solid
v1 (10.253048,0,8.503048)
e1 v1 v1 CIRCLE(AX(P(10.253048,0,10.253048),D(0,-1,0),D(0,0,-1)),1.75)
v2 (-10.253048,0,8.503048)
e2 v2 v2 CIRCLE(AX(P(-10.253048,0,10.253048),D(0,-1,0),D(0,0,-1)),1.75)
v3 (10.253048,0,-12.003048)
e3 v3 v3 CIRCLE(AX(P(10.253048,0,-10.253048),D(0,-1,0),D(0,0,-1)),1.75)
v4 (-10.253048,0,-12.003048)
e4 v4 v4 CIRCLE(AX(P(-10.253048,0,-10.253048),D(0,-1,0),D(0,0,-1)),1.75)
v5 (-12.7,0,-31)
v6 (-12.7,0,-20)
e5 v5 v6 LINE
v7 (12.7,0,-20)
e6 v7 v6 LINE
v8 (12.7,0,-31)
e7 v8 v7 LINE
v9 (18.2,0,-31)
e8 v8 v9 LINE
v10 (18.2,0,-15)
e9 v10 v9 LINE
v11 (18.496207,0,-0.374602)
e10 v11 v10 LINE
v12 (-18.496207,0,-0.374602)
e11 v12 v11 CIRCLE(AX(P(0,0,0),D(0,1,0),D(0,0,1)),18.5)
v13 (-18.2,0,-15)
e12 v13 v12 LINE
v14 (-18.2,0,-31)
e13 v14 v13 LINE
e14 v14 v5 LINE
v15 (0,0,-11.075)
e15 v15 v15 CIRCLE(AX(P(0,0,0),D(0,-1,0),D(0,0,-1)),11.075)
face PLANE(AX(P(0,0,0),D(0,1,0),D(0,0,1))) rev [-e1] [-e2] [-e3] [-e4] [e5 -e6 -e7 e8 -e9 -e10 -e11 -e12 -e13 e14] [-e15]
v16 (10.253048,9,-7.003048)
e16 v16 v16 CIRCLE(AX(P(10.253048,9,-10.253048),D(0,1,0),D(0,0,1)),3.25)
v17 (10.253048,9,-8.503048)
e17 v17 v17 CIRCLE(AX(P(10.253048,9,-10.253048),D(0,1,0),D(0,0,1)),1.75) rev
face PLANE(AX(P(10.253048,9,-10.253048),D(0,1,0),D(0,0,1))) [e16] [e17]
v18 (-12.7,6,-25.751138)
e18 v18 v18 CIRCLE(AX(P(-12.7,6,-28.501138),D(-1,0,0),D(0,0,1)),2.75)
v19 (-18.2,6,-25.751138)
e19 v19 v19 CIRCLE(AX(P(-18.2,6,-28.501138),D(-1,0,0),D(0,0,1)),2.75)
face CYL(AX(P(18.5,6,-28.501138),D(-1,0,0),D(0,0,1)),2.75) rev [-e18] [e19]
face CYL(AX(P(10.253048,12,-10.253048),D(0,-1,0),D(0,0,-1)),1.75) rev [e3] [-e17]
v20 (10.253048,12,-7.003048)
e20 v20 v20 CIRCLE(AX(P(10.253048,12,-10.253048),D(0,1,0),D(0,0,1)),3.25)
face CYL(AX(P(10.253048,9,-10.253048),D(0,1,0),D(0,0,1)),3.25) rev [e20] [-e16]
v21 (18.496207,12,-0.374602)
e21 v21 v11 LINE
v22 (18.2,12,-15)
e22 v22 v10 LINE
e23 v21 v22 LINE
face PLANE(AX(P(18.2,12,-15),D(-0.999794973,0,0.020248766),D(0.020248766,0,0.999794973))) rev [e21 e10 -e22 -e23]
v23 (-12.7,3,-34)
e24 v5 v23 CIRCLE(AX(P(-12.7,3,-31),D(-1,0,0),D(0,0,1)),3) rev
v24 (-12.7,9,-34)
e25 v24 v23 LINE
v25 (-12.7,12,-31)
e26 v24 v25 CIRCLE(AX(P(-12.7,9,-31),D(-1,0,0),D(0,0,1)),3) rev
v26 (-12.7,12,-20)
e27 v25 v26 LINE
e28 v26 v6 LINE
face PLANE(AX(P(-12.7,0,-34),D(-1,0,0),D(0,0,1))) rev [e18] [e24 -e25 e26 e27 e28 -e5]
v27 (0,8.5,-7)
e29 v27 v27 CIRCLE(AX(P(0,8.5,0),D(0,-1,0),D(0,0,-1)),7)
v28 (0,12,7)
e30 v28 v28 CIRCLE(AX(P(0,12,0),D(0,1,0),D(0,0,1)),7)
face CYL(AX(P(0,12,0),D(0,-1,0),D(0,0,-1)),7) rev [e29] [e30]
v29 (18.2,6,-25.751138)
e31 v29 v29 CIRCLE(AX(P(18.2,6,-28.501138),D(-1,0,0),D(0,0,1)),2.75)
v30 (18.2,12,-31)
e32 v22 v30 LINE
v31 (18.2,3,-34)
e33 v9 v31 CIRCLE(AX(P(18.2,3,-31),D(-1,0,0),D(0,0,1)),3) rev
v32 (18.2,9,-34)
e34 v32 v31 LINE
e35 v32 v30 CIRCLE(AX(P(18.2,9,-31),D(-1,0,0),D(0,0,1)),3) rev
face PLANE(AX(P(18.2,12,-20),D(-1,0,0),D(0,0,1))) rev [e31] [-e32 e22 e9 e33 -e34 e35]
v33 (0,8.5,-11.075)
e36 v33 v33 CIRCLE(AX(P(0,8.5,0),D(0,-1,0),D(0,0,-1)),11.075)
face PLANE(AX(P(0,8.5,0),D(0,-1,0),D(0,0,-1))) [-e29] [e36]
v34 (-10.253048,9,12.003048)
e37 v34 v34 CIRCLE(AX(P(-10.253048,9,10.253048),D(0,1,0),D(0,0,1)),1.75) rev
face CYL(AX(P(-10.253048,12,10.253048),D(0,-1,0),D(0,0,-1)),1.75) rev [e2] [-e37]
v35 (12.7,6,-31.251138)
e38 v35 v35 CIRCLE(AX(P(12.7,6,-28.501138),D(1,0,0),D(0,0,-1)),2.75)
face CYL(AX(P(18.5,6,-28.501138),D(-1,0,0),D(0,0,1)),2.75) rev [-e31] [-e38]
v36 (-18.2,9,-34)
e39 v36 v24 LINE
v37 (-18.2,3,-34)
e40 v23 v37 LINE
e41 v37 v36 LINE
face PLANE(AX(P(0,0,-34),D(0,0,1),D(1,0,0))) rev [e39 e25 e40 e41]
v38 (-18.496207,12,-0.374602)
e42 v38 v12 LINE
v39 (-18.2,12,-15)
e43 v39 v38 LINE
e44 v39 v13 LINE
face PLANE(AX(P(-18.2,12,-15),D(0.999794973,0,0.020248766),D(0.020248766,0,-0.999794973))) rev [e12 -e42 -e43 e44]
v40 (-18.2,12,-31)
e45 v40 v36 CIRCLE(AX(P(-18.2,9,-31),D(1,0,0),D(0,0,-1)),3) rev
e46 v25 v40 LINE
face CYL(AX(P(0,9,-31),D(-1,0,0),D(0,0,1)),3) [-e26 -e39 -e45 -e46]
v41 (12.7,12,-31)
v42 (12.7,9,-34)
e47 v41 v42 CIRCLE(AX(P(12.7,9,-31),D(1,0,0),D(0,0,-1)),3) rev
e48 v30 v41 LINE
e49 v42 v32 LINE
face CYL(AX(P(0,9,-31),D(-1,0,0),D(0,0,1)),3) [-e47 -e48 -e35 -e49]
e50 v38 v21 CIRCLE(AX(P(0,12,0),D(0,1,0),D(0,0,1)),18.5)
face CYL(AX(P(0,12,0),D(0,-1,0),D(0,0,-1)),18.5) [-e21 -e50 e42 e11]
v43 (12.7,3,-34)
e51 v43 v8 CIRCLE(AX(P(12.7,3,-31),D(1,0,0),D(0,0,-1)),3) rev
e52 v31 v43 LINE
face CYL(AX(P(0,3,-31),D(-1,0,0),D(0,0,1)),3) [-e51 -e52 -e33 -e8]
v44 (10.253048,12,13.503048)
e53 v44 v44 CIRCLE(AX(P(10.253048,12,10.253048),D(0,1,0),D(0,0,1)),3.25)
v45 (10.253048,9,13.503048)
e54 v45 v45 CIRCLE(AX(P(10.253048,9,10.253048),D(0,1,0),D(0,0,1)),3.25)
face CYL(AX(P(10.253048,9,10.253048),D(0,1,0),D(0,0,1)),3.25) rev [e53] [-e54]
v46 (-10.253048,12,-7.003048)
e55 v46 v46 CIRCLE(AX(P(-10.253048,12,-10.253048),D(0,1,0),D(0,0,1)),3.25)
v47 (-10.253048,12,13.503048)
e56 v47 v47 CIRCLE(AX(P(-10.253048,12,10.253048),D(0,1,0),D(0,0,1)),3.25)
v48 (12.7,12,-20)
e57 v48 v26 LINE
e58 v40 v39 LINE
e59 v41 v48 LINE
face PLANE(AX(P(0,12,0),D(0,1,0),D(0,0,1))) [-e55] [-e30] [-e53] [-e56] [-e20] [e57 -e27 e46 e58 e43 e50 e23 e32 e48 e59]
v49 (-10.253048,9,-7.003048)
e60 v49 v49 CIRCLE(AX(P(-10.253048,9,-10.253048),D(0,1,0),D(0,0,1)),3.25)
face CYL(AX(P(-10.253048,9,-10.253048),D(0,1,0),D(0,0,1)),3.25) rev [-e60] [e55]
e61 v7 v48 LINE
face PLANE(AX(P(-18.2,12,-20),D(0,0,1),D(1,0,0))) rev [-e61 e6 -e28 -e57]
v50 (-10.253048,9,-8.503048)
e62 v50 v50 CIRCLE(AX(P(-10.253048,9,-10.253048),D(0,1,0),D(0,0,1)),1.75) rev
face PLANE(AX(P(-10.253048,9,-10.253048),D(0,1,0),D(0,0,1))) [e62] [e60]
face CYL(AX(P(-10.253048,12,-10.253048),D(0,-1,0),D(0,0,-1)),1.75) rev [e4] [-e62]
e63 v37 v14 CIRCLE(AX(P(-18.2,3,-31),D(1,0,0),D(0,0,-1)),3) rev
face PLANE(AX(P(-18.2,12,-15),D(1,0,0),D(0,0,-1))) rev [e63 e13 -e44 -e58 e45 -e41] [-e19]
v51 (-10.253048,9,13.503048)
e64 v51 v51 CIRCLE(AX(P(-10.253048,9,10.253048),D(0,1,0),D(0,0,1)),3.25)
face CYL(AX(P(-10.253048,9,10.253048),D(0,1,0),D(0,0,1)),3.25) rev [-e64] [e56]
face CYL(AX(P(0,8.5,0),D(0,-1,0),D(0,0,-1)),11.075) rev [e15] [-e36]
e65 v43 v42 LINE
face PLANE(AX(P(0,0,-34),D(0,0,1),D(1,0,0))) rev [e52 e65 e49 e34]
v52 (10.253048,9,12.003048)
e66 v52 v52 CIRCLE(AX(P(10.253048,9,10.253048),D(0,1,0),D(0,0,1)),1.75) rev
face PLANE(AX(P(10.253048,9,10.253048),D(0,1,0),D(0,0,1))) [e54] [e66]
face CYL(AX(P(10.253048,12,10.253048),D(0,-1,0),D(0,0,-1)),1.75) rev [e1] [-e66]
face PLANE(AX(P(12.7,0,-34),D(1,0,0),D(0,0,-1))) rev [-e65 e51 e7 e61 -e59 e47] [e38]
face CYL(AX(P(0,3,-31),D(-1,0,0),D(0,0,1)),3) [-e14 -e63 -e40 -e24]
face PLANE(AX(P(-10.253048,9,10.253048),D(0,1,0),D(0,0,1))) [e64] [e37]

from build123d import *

# Parameters (mm, degrees)
SKETCH1_R           = 7
BOSS_EXTRUDE1_DEPTH = 12
SKETCH2_R           = 11.075
CUT_EXTRUDE1_DEPTH  = 8.5
SKETCH4_R           = 1.75
CUT_EXTRUDE4_DEPTH  = 13
SKETCH5_R           = 3.25
CUT_EXTRUDE5_DEPTH  = 3
SKETCH6_W           = 5.5
SKETCH6_H           = 12
BOSS_EXTRUDE2_DEPTH = 14
SKETCH7_R           = 2.75
CUT_EXTRUDE6_DEPTH  = 37.7
FILLET1_R           = 3


with BuildPart() as part:
    # Sketch1 → Boss-Extrude1 (new body)
    with BuildSketch(Plane(origin=(0, 0, 0), x_dir=(1, 0, 0), z_dir=(0, 1, 0))):
        with BuildLine():
            Line((-18.2, 15), (-18.2, 20))
            Line((-18.2, 20), (18.2, 20))
            Line((18.2, 20), (18.2, 15))
            Line((18.2, 15), (18.496206995, 0.374602179))
            ThreePointArc((18.496206995, 0.374602179), (0, -18.5), (-18.496206995, 0.374602179))
            Line((-18.496206995, 0.374602179), (-18.2, 15))
        make_face()
        Circle(SKETCH1_R, mode=Mode.SUBTRACT)
    extrude(amount=BOSS_EXTRUDE1_DEPTH)

    # Sketch2 → Cut-Extrude1 (cut)
    with BuildSketch(Plane.XZ):
        Circle(SKETCH2_R)
    extrude(amount=-CUT_EXTRUDE1_DEPTH, mode=Mode.SUBTRACT)

    # Sketch4 → Cut-Extrude4 (cut, through all)
    with BuildSketch(Plane.XZ):
        with Locations((10.253048327, 10.253048327)):
            Circle(SKETCH4_R)
        with Locations((10.253048327, -10.253048327)):
            Circle(SKETCH4_R)
        with Locations((-10.253048327, -10.253048327)):
            Circle(SKETCH4_R)
        with Locations((-10.253048327, 10.253048327)):
            Circle(SKETCH4_R)
    extrude(amount=-CUT_EXTRUDE4_DEPTH, mode=Mode.SUBTRACT)

    # Sketch5 → Cut-Extrude5 (cut)
    with BuildSketch(Plane(origin=(0, 12, 0), x_dir=(1, 0, 0), z_dir=(0, 1, 0))):
        with Locations((-10.253048327, 10.253048327)):
            Circle(SKETCH5_R)
        with Locations((10.253048327, 10.253048327)):
            Circle(SKETCH5_R)
        with Locations((10.253048327, -10.253048327)):
            Circle(SKETCH5_R)
        with Locations((-10.253048327, -10.253048327)):
            Circle(SKETCH5_R)
    extrude(amount=-CUT_EXTRUDE5_DEPTH, mode=Mode.SUBTRACT)

    # Sketch6 → Boss-Extrude2 (add)
    with BuildSketch(Plane(origin=(0, 0, -20), x_dir=(-1, 0, 0), z_dir=(0, 0, -1))):
        with Locations((-15.45, 6)):
            Rectangle(SKETCH6_W, SKETCH6_H)
        with Locations((15.45, 6)):
            Rectangle(SKETCH6_W, SKETCH6_H)
    extrude(amount=BOSS_EXTRUDE2_DEPTH)

    # Sketch7 → Cut-Extrude6 (cut, through all)
    with BuildSketch(Plane.ZY.offset(18.2)):
        with Locations((-28.501137854, 6)):
            Circle(SKETCH7_R)
    extrude(amount=-CUT_EXTRUDE6_DEPTH, mode=Mode.SUBTRACT)

    # Fillet1
    fillet1_edges = [part.edges().sort_by_distance(p)[0] for p in [
        (15.45, 0, -34),
        (15.45, 12, -34),
        (-15.45, 0, -34),
        (-15.45, 12, -34),
    ]]
    fillet(fillet1_edges, radius=FILLET1_R)


solid = part.part
